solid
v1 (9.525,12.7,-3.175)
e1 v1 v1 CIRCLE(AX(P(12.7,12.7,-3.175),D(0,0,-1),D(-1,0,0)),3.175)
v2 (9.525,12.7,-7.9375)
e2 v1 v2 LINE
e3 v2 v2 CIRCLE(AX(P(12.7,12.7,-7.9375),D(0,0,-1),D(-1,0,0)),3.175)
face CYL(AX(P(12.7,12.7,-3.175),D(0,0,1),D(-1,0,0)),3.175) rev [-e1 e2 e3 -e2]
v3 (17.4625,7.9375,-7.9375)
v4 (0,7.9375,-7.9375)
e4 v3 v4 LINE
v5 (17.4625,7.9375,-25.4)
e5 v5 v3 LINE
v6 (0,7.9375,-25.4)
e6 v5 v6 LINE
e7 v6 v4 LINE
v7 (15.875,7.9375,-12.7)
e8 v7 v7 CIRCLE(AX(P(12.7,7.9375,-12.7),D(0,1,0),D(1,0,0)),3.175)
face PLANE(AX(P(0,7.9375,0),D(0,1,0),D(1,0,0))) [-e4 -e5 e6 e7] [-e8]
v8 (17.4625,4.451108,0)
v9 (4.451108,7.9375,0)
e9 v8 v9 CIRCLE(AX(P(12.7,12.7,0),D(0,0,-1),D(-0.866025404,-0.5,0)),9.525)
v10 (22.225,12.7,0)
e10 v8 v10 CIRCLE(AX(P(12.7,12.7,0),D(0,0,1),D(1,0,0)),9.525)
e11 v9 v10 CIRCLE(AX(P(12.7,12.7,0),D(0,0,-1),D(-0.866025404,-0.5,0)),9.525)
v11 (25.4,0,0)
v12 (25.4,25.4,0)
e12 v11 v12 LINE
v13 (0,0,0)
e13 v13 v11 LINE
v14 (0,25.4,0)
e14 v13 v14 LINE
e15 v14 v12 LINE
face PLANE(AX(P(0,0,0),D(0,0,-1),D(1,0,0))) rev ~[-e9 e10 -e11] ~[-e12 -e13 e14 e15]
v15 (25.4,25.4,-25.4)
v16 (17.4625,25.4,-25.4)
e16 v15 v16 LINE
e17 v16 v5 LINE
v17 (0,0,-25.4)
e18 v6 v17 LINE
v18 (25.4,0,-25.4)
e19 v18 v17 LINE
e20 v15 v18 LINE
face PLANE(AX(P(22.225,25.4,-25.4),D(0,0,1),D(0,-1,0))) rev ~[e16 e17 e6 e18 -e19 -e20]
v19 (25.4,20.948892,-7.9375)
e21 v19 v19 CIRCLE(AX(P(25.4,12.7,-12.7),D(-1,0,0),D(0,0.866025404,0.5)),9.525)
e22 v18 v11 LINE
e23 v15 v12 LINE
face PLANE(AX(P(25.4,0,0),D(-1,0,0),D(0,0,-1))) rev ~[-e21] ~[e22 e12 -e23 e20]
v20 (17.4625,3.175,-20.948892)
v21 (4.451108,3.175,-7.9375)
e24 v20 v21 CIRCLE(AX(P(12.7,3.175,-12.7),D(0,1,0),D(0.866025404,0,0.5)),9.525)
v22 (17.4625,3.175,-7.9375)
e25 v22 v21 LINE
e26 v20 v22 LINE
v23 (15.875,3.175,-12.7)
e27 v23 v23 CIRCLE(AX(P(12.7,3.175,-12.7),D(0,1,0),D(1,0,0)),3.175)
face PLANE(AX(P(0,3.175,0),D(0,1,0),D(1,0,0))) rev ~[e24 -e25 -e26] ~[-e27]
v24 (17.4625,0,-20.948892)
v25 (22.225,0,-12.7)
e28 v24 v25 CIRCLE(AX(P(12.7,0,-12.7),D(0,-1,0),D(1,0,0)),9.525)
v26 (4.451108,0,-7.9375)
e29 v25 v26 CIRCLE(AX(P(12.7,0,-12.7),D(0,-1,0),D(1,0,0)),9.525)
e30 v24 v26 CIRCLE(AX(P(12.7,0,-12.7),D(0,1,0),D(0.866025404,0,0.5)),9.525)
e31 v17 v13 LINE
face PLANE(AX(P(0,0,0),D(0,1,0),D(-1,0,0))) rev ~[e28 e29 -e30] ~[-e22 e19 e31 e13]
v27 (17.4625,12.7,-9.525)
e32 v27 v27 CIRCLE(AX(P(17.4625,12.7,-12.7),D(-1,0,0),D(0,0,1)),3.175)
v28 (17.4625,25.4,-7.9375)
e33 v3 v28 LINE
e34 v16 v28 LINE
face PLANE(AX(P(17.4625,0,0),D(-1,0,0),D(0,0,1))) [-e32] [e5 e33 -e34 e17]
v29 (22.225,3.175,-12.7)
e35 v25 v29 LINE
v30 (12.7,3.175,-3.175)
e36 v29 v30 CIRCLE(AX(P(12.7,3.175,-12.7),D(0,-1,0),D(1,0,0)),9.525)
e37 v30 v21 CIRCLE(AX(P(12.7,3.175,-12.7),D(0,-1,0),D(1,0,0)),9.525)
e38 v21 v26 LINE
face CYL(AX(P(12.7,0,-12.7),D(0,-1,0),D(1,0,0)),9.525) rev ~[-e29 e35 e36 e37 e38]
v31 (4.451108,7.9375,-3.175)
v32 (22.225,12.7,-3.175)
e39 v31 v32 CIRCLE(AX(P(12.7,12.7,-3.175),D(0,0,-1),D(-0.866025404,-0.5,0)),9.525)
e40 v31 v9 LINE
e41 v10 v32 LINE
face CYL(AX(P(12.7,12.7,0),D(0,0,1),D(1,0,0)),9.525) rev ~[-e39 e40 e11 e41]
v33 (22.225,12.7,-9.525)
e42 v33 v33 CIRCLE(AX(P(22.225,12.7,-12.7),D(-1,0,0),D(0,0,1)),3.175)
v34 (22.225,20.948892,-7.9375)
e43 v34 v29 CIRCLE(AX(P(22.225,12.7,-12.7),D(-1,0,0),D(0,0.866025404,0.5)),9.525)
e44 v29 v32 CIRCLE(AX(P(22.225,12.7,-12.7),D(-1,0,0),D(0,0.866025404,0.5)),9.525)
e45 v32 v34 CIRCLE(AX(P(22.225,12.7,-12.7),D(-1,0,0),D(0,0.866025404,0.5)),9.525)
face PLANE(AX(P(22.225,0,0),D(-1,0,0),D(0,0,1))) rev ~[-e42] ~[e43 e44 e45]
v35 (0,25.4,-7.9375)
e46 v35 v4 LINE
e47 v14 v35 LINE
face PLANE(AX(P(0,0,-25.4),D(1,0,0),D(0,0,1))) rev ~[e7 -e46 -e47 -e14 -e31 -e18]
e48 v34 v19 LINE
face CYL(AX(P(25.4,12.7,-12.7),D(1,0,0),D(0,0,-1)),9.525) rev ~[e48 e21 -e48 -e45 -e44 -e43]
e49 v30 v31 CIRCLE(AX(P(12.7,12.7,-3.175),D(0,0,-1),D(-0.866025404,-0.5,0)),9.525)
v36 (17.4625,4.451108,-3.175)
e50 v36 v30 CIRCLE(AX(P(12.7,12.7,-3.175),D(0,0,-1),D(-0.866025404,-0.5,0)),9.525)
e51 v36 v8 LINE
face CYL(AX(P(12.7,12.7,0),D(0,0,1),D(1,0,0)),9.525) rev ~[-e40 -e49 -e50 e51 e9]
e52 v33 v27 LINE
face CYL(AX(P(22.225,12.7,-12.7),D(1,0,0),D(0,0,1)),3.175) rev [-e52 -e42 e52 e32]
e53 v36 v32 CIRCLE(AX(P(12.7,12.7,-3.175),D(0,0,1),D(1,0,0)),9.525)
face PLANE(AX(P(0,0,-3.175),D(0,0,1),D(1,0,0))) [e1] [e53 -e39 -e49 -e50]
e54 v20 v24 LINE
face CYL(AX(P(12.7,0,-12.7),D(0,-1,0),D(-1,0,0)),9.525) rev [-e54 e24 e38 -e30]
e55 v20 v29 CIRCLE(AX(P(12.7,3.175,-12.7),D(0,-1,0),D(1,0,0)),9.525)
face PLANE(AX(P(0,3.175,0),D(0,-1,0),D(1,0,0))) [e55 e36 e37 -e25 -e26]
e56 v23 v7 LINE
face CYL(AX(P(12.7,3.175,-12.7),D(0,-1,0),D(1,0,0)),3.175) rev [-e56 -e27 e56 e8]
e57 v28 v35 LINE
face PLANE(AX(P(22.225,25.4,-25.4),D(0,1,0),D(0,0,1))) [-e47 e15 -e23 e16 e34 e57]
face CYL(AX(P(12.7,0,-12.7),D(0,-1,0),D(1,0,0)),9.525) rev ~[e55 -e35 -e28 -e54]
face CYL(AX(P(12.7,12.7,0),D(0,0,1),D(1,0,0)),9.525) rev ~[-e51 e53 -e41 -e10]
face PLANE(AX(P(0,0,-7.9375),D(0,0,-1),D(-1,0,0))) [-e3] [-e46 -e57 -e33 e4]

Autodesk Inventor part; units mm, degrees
ref_plane "YZ Plane" through (0, 0, 0) normal (1, 0, 0) x (0, 1, 0)
ref_plane "XZ Plane" through (0, 0, 0) normal (0, 1, 0) x (-1, 0, 0)
ref_plane "XY Plane" through (0, 0, 0) normal (0, 0, 1) x (1, 0, 0)
sketch "Sketch1" plane through (0, 0, 0) normal (0, 1, 0) x (-1, 0, 0)
  line L0 (0, 0) -> (-25.4, 0)
  line L1 (-25.4, 0) -> (-25.4, -25.4)
  line L2 (-25.4, -25.4) -> (0, -25.4)
  line L3 (0, -25.4) -> (0, 0)
  line L4 (0, 0) -> (-25.4, -25.4) construction
  line L5 (-25.4, 0) -> (0, -25.4) construction
  circle A0 centre (-12.7, -12.7) radius 9.525
  dimension "d0" = 25.4
  dimension "d1" = 25.4
  dimension "d3" = 19.05
extrude "Extrusion1" add sketch "Sketch1" along normal blind 3.175
sketch "Sketch2" plane through (0, 3.175, 0) normal (0, 1, 0) x (1, 0, 0)
  line L0 (25.4, 25.4) -> (0, 25.4) projected
  line L1 (0, 0) -> (25.4, 0)
  line L2 (25.4, 0) -> (25.4, 25.4)
  line L3 (25.4, 25.4) -> (0, 25.4)
  line L4 (0, 25.4) -> (0, 0)
  line L5 (0, 25.4) -> (0, 0) construction
  line L6 (0, 0) -> (25.4, 25.4) construction
  line L7 (0, 25.4) -> (25.4, 0) construction
  circle A0 centre (12.7, 12.7) radius 3.175
  dimension "d39" = 6.35
extrude "Extrusion2" add sketch "Sketch2" along normal blind 4.7625
sketch "Sketch4" plane through (0, 0, 0) normal (0, 0, 1) x (1, 0, 0)
  line L0 (0, 0) -> (0, 7.9375) projected
  line L1 (0, 0) -> (25.4, 0)
  line L2 (25.4, 0) -> (25.4, 25.4)
  line L3 (25.4, 25.4) -> (0, 25.4)
  line L4 (0, 25.4) -> (0, 0)
  line L5 (0, 25.4) -> (25.4, 0) construction
  line L6 (25.4, 25.4) -> (0, 0) construction
  circle A0 centre (12.7, 12.7) radius 9.525
  dimension "d13" = 25.4
  dimension "d14" = 25.4
  dimension "d15" = 19.05
extrude "Extrusion4" add sketch "Sketch4" against normal blind 3.175
sketch "Sketch5" plane through (0, 0, 0) normal (0, 0, 1) x (1, 0, 0)
  line L0 (0, 0) -> (0, 25.4) construction
  line L1 (0, 0) -> (25.4, 0) construction
  line L2 (0, 25.4) -> (25.4, 0) construction
  line L3 (0, 25.4) -> (25.4, 25.4) construction
  line L4 (25.4, 0) -> (25.4, 25.4) construction
  line L5 (0, 0) -> (0, 7.9375) construction
  line L6 (25.4, 25.4) -> (0, 0) construction
  circle A0 centre (12.7, 12.7) radius 9.525
  dimension "d18" = 19.05
extrude "Extrusion5" cut sketch "Sketch5" against normal blind 3.175
sketch "Sketch6" plane through (0, 0, -3.175) normal (0, 0, -1) x (-1, 0, 0)
  line L0 (-25.4, 0) -> (-25.4, 25.4) projected
  line L1 (-25.4, 25.4) -> (0, 25.4)
  line L2 (0, 25.4) -> (0, 0)
  line L3 (0, 0) -> (-25.4, 0)
  line L4 (-25.4, 0) -> (-25.4, 25.4)
  line L5 (0, 0) -> (0, 25.4) construction
  line L6 (-25.4, 25.4) -> (0, 0) construction
  line L7 (0, 0) -> (0, 25.4) construction
  line L8 (0, 25.4) -> (-25.4, 0) construction
  circle A0 centre (-12.7, 12.7) radius 3.175
  dimension "d40" = 6.35
extrude "Extrusion6" add sketch "Sketch6" along normal blind 4.7625
sketch "Sketch7" plane through (25.4, 0, 0) normal (1, 0, 0) x (0, 0, -1)
  line L0 (0, 25.4) -> (7.9375, 25.4) projected
  line L1 (25.4, 0) -> (25.4, 7.9375) projected
  line L2 (0, 25.4) -> (25.4, 25.4)
  line L3 (25.4, 25.4) -> (25.4, 0)
  line L4 (25.4, 0) -> (0, 0)
  line L5 (0, 0) -> (0, 25.4)
  line L6 (0, 25.4) -> (25.4, 0) construction
  line L7 (25.4, 25.4) -> (0, 0) construction
  circle A0 centre (12.7, 12.7) radius 9.525
  dimension "d24" = 19.05
extrude "Extrusion7" add sketch "Sketch7" against normal blind 3.175
sketch "Sketch8" plane through (25.4, 0, 0) normal (1, 0, 0) x (0, 0, -1)
  line L0 (0, 0) -> (0, 25.4) construction
  line L1 (0, 0) -> (25.4, 0) construction
  line L2 (0, 25.4) -> (25.4, 0) construction
  line L3 (25.4, 0) -> (25.4, 25.4) construction
  line L4 (25.4, 25.4) -> (0, 0) construction
  circle A0 centre (12.7, 12.7) radius 9.525
  dimension "d27" = 19.05
extrude "Extrusion8" cut sketch "Sketch8" against normal blind 3.175
sketch "Sketch9" plane through (22.225, 0, 0) normal (-1, 0, 0) x (0, 0, 1)
  line L0 (-25.4, 25.4) -> (-25.4, 7.9375) projected
  line L1 (-25.4, 25.4) -> (0, 25.4)
  line L2 (0, 25.4) -> (0, 0)
  line L3 (0, 0) -> (-25.4, 0)
  line L4 (-25.4, 0) -> (-25.4, 25.4)
  line L5 (-25.4, 0) -> (0, 0) construction
  line L6 (-25.4, 25.4) -> (0, 0) construction
  line L7 (0, 0) -> (0, 25.4) construction
  line L8 (0, 25.4) -> (-25.4, 0) construction
  circle A0 centre (-12.7, 12.7) radius 3.175
  dimension "d41" = 6.35
extrude "Extrusion9" add sketch "Sketch9" along normal blind 4.7625
sketch "Sketch10" plane through (0, 0, 0) normal (0, -1, 0) x (1, 0, 0)
  line L0 (0, -25.4) -> (0, -7.9375) projected
  line L1 (25.4, 0) -> (0, 0) projected
  line L2 (0, -25.4) -> (25.4, -25.4)
  line L3 (25.4, -25.4) -> (25.4, 0)
  line L4 (25.4, 0) -> (0, 0)
  line L5 (0, 0) -> (0, -25.4)
  line L6 (17.4625, -25.4) -> (0, -25.4) construction
  line L7 (25.4, 0) -> (25.4, -25.4) construction
  line L8 (0, -25.4) -> (25.4, 0) construction
  line L9 (25.4, 0) -> (0, 0) construction
  line L10 (0, -25.4) -> (0, 0) construction
  line L11 (0, 0) -> (25.4, -25.4) construction
  circle A0 centre (12.7, -12.7) radius 9.525
  dimension "d33" = 19.05
extrude "Extrusion10" cut sketch "Sketch10" against normal blind 3.175 contours A0
sketch "Sketch11" plane through (0, 0, 0) normal (0, 0, 1) x (1, 0, 0)
  line L0 (0, 7.9375) -> (0, 25.4) construction
  line L1 (25.4, 0) -> (25.4, 25.4) construction
  line L2 (0, 25.4) -> (25.4, 0) construction
  line L3 (25.4, 0) -> (25.4, 25.4) construction
  line L4 (25.4, 25.4) -> (0, 0) construction
  circle A0 centre (12.7, 12.7) radius 9.525
  dimension "d36" = 19.05
extrude "Extrusion11" cut sketch "Sketch11" against normal blind 3.175
properties part number "MountingBracket_2"
